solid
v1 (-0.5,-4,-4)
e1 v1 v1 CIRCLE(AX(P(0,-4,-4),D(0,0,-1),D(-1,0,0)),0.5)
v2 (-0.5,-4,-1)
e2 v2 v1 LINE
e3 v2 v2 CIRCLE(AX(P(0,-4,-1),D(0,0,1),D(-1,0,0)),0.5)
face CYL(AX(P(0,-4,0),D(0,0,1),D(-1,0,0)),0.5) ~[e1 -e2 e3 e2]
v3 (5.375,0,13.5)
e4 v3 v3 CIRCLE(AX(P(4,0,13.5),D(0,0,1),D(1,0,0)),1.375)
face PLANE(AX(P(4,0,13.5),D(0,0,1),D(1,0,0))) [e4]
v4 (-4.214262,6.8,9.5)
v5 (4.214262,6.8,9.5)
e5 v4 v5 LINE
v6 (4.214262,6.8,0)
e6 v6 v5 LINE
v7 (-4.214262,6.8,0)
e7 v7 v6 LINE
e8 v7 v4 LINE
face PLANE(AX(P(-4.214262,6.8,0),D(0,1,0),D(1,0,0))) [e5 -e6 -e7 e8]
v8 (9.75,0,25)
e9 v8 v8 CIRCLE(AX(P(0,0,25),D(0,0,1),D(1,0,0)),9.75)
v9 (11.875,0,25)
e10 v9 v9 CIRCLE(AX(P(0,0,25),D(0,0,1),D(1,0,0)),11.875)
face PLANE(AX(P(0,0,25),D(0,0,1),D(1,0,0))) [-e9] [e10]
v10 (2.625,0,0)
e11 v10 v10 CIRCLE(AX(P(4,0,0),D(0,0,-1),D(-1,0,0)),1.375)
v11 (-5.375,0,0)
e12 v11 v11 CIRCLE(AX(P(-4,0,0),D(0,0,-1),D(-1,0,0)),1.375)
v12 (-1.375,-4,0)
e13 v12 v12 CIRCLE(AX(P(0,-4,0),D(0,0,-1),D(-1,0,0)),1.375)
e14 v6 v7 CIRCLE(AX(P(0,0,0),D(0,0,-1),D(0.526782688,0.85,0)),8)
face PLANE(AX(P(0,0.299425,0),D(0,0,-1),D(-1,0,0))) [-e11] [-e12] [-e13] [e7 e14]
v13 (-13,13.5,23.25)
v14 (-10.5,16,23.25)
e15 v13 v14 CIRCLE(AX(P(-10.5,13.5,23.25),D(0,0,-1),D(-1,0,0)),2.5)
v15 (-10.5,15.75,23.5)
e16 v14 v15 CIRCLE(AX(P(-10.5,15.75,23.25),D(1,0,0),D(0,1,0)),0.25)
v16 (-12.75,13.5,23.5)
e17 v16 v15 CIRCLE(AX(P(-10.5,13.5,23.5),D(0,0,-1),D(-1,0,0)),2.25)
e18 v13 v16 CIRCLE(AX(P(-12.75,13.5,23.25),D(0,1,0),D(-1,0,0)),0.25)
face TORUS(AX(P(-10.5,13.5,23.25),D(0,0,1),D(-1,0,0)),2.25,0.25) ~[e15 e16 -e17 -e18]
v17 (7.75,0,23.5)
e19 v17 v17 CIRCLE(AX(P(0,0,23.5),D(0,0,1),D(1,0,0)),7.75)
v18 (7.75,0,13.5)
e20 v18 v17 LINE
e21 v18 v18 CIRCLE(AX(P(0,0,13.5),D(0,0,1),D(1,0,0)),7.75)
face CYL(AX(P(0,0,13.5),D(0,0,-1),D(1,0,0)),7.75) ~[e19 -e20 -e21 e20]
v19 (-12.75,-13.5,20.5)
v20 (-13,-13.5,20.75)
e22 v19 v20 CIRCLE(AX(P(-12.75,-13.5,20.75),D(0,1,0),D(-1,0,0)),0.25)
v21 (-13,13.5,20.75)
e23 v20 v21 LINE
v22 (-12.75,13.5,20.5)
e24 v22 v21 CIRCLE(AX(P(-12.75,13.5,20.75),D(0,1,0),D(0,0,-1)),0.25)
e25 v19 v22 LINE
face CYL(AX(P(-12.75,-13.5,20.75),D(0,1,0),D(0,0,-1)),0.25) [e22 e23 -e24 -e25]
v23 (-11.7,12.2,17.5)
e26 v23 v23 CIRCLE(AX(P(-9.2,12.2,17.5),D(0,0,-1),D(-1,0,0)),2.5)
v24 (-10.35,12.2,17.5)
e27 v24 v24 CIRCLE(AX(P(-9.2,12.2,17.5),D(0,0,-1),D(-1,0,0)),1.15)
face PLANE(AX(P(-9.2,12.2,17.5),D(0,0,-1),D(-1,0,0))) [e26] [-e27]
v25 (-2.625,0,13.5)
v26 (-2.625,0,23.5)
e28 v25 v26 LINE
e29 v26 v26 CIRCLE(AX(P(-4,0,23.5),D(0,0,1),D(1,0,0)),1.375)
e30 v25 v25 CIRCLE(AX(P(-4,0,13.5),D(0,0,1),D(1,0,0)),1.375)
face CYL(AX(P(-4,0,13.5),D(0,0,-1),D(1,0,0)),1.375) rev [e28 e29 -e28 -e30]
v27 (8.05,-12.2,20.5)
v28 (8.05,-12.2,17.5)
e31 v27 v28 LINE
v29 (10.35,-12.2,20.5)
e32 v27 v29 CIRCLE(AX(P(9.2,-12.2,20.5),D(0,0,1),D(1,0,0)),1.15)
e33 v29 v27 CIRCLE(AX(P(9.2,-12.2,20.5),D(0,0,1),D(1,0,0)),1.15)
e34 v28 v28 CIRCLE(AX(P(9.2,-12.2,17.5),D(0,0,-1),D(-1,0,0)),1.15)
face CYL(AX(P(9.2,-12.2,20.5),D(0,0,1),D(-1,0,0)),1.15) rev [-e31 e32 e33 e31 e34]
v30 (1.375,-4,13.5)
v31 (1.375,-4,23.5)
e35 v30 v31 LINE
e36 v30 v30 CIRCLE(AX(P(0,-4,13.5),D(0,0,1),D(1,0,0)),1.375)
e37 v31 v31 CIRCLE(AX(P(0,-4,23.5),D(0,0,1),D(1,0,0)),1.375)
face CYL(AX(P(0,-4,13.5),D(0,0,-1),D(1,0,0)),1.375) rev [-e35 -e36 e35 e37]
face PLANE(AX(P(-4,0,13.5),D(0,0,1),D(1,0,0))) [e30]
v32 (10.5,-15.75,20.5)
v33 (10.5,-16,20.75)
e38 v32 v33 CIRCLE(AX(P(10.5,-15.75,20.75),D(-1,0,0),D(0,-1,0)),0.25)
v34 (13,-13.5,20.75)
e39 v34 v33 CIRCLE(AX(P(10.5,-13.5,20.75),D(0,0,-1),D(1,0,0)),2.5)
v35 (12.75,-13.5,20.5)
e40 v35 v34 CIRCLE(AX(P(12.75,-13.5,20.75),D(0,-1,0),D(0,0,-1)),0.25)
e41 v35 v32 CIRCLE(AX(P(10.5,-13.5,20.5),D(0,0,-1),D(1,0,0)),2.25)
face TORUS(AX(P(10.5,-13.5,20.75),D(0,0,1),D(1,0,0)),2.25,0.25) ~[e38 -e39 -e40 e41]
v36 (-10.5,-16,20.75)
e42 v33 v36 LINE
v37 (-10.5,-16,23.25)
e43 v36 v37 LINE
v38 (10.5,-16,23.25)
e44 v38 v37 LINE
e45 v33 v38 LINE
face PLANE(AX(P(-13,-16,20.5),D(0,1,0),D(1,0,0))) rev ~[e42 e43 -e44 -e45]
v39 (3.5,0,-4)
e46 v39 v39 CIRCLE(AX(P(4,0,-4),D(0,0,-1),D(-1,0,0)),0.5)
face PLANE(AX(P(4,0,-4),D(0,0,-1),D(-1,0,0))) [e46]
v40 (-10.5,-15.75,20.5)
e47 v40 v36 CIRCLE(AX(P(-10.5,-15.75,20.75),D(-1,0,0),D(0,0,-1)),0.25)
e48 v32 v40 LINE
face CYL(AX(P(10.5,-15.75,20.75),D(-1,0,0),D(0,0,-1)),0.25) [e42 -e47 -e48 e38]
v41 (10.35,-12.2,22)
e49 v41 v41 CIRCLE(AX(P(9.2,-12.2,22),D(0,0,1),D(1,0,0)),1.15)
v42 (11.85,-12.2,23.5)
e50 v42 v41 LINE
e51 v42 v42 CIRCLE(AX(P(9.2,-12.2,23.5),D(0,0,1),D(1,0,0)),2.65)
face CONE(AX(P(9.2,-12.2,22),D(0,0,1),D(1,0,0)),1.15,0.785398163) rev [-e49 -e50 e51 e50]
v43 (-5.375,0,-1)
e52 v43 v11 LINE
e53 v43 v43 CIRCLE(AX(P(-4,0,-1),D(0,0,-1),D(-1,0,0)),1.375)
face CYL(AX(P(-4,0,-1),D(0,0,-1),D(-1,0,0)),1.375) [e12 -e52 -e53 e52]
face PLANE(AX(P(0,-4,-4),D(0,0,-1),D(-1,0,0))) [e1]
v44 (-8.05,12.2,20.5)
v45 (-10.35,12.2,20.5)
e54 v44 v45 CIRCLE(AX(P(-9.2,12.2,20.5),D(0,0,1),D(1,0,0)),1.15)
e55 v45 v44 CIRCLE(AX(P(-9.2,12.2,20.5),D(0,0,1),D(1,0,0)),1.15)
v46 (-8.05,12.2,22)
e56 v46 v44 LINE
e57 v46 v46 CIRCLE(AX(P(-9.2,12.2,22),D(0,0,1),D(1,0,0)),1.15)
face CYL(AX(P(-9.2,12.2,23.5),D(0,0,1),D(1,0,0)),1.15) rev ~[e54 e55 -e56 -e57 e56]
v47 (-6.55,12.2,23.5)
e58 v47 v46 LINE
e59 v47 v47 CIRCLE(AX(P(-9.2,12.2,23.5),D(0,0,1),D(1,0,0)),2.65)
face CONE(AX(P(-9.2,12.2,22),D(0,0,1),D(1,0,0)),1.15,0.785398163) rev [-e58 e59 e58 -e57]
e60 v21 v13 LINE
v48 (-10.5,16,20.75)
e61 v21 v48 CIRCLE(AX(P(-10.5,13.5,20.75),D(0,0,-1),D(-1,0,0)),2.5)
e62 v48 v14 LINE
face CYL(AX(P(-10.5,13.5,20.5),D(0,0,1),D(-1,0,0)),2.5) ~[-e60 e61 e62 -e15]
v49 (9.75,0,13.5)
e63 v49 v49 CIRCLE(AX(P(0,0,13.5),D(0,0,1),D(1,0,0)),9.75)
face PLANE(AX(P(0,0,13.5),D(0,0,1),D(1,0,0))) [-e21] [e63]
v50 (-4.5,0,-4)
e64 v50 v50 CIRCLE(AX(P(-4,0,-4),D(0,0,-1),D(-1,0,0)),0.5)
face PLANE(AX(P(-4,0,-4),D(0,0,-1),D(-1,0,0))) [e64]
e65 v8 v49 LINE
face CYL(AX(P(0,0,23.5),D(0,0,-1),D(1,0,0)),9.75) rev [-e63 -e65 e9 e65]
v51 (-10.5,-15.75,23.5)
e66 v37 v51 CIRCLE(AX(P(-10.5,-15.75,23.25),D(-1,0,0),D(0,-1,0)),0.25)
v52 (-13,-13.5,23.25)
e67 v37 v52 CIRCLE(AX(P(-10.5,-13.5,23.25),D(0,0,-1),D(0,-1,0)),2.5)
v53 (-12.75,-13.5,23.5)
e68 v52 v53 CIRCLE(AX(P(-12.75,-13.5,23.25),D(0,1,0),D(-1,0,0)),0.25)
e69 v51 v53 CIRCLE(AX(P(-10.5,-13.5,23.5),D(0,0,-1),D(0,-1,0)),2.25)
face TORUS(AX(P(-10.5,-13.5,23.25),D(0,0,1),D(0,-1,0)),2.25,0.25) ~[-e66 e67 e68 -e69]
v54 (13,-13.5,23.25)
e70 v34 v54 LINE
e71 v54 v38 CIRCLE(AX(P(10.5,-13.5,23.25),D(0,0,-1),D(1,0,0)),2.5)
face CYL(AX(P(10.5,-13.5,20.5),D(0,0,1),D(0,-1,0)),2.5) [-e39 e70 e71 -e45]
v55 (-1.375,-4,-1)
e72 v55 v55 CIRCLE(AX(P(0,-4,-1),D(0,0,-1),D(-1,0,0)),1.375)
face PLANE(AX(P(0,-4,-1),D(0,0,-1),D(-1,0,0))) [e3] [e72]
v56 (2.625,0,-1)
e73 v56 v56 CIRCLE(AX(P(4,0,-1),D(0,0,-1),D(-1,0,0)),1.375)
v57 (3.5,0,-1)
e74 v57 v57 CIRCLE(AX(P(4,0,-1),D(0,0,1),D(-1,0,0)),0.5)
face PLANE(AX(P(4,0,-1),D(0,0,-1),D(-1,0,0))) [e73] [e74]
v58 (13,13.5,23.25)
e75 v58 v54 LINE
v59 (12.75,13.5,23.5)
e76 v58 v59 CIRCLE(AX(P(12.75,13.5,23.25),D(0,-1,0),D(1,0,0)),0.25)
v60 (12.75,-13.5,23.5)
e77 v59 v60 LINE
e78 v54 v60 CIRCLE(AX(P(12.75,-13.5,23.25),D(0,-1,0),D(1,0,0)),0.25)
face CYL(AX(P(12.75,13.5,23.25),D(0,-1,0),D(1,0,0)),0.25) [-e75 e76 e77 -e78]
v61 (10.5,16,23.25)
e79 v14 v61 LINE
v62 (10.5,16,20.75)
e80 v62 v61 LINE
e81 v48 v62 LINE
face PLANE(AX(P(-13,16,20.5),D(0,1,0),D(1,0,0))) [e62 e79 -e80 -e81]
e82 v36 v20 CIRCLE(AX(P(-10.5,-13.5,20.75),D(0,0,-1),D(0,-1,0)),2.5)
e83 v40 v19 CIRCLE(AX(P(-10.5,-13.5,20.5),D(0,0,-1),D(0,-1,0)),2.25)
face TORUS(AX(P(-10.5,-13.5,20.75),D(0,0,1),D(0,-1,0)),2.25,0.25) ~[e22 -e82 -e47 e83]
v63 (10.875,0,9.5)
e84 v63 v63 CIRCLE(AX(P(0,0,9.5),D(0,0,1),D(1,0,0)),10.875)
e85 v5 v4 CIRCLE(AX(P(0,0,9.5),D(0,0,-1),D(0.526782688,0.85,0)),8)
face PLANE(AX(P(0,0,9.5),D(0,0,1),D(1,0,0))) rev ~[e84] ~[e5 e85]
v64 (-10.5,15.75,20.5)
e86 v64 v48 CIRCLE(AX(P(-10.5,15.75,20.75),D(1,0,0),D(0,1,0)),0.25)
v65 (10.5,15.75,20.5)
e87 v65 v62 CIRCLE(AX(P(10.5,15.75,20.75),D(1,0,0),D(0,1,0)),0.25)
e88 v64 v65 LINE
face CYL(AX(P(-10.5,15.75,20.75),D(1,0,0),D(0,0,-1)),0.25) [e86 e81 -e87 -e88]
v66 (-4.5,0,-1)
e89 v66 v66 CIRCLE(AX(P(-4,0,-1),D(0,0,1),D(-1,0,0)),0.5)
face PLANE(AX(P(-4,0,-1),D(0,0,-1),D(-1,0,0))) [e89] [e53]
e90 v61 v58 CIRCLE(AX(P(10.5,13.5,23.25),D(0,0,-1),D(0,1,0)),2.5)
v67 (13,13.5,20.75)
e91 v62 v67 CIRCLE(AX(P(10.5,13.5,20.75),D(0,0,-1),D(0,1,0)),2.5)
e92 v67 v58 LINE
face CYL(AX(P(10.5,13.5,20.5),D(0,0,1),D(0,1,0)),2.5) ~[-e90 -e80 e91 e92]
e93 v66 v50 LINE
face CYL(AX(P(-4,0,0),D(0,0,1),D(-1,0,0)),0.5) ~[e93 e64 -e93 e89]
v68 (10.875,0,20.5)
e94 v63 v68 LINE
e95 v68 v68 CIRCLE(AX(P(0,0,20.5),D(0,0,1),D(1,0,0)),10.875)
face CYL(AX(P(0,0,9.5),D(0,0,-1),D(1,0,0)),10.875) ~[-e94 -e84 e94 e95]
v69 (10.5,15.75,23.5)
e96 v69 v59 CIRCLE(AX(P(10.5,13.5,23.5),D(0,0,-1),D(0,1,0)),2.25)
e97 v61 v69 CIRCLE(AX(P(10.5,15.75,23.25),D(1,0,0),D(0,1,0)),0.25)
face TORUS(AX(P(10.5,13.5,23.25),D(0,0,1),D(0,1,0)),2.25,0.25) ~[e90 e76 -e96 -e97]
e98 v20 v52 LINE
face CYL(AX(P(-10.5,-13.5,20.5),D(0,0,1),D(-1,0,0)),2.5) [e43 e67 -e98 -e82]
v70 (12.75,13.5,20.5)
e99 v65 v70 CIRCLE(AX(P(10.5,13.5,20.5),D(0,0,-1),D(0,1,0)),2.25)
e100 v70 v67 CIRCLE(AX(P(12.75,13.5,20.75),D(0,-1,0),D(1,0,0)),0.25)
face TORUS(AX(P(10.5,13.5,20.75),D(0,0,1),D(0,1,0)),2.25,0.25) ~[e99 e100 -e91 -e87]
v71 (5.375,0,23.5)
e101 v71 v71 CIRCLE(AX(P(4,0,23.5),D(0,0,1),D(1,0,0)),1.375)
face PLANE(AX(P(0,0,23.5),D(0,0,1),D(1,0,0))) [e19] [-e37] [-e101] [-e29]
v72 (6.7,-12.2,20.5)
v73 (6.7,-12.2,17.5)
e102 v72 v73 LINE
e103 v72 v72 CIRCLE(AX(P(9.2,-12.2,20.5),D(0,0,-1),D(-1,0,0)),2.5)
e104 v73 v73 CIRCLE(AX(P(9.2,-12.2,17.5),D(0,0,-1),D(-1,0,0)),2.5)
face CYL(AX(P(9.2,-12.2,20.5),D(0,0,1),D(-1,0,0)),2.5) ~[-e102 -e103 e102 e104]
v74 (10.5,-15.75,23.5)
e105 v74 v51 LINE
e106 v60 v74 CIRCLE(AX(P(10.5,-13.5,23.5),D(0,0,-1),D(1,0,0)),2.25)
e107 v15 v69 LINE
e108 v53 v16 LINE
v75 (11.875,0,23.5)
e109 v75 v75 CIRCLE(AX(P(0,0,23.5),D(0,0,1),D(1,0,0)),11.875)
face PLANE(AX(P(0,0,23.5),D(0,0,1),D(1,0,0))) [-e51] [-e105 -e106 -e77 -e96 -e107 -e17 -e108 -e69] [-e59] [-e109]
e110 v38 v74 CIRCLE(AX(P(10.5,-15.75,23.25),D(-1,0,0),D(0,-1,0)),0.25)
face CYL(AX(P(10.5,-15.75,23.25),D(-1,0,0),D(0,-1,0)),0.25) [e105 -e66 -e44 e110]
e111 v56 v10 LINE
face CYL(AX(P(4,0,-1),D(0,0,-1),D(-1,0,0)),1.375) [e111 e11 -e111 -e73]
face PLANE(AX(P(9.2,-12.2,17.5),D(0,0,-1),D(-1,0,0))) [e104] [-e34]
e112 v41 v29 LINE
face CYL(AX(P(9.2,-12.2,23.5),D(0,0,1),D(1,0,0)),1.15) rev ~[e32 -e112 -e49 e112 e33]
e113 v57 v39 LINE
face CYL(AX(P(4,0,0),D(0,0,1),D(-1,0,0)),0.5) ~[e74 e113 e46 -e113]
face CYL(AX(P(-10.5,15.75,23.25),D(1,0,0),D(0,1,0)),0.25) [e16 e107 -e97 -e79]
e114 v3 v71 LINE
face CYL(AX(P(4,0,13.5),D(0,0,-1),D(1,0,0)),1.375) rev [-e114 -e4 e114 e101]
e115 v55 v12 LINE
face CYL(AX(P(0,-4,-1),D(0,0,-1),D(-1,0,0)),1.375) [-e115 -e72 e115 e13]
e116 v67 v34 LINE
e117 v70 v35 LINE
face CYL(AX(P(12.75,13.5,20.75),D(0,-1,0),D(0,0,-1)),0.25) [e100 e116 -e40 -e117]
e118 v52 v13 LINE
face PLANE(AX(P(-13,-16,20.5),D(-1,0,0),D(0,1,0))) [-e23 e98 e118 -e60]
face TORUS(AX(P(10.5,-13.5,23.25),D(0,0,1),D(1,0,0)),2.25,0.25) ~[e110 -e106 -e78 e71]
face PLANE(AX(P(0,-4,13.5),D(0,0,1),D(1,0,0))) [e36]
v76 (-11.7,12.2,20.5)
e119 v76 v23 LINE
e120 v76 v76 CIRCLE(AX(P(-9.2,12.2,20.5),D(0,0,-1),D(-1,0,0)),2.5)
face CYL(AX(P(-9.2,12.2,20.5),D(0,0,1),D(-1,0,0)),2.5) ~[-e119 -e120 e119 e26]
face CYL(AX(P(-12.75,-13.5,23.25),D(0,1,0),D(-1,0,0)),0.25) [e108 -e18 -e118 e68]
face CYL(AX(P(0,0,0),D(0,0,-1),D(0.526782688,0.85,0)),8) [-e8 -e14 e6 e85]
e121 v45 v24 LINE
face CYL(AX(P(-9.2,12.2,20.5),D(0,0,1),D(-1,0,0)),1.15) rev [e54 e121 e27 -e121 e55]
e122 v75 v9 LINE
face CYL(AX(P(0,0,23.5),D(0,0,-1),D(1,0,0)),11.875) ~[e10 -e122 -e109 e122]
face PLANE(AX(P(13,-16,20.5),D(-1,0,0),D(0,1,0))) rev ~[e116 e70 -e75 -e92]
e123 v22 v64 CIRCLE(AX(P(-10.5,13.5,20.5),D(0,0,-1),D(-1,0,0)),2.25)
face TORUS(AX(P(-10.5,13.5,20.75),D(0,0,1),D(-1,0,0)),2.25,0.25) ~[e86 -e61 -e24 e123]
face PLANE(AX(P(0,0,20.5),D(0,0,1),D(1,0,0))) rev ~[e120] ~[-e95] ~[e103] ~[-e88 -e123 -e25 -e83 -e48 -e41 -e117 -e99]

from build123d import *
from build123d.topology import SkipClean

# Parameters (mm, degrees)
SALIENTE_EXTRUIR1_DEPTH = 9.5
CROQUIS2_R              = 10.875
SALIENTE_EXTRUIR2_DEPTH = 11
CROQUIS3_W              = 26
CROQUIS3_H              = 32
SALIENTE_EXTRUIR3_DEPTH = 3
REDONDEO1_R             = 2.5
CROQUIS4_R              = 11.875
CROQUIS4_R_2            = 9.75
SALIENTE_EXTRUIR4_DEPTH = 1.5
CORTAR_EXTRUIR1_START   = -10
CROQUIS4_3_R            = 9.75
CROQUIS4_3_R_2          = 7.75
CROQUIS4_3_R_3          = 1.375
CORTAR_EXTRUIR1_DEPTH   = 10
CORTAR_EXTRUIR2_REACH   = 33.261
CROQUIS5_R              = 1.15
CHAFL_N1_SIZE           = 1.5
SALIENTE_EXTRUIR5_START = 1
CROQUIS6_R              = 1.375
SALIENTE_EXTRUIR5_DEPTH = 1
CROQUIS6_3_R            = 0.5
SALIENTE_EXTRUIR6_DEPTH = 4
REDONDEO2_R             = 0.25
CROQUIS7_R              = 2.5
CROQUIS7_R_2            = 1.15
SALIENTE_EXTRUIR7_DEPTH = 3


with BuildPart() as part:
    # Croquis1 → Saliente-Extruir1 (new body)
    with BuildSketch(Plane.XY):
        with BuildLine():
            Line((-4.214261501, 6.8), (4.214261501, 6.8))
            ThreePointArc((4.214261501, 6.8), (0, -8), (-4.214261501, 6.8))
        make_face()
    extrude(amount=SALIENTE_EXTRUIR1_DEPTH)

    # Croquis2 → Saliente-Extruir2 (add)
    with BuildSketch(Plane.XY.offset(9.5)):
        Circle(CROQUIS2_R)
    extrude(amount=SALIENTE_EXTRUIR2_DEPTH)

    # Croquis3 → Saliente-Extruir3 (add)
    with BuildSketch(Plane.XY.offset(20.5)):
        Rectangle(CROQUIS3_W, CROQUIS3_H)
    extrude(amount=SALIENTE_EXTRUIR3_DEPTH)

    # Redondeo1
    redondeo1_edges = [part.edges().sort_by_distance(p)[0] for p in [
        (13, -16, 22),
        (-13, -16, 22),
        (-13, 16, 22),
        (13, 16, 22),
    ]]
    fillet(redondeo1_edges, radius=REDONDEO1_R)

    # Croquis4 → Saliente-Extruir4 (add)
    with BuildSketch(Plane.XY.offset(23.5)):
        Circle(CROQUIS4_R)
        Circle(CROQUIS4_R_2, mode=Mode.SUBTRACT)
    extrude(amount=SALIENTE_EXTRUIR4_DEPTH)

    # Croquis4<3> → Cortar-Extruir1 (cut)
    # profile 1 of 4: a face of its own
    with BuildSketch(Plane.XY.offset(23.5).offset(CORTAR_EXTRUIR1_START)):
        Circle(CROQUIS4_3_R)
        Circle(CROQUIS4_3_R_2, mode=Mode.SUBTRACT)
    # profile 2 of 4: a face of its own
    with BuildSketch(Plane.XY.offset(23.5).offset(CORTAR_EXTRUIR1_START)):
        with Locations((-4, 0)):
            Circle(CROQUIS4_3_R_3)
    # profile 3 of 4: a face of its own
    with BuildSketch(Plane.XY.offset(23.5).offset(CORTAR_EXTRUIR1_START)):
        with Locations((0, -4)):
            Circle(CROQUIS4_3_R_3)
    # profile 4 of 4: a face of its own
    with BuildSketch(Plane.XY.offset(23.5).offset(CORTAR_EXTRUIR1_START)):
        with Locations((4, 0)):
            Circle(CROQUIS4_3_R_3)
    extrude(amount=CORTAR_EXTRUIR1_DEPTH, mode=Mode.SUBTRACT)

    # Croquis5 → Cortar-Extruir2 (cut, up to next)
    with BuildSketch(Plane.XY.offset(23.5), mode=Mode.PRIVATE) as cortar_extruir2_sk1:
        with Locations((-9.2, 12.2)):
            Circle(CROQUIS5_R)
    cortar_extruir2_tool1 = extrude(cortar_extruir2_sk1.sketch, amount=-CORTAR_EXTRUIR2_REACH, mode=Mode.PRIVATE) & part.part
    # Croquis5 → Cortar-Extruir2 (cut, up to next)
    with BuildSketch(Plane.XY.offset(23.5), mode=Mode.PRIVATE) as cortar_extruir2_sk2:
        with Locations((9.2, -12.2)):
            Circle(CROQUIS5_R)
    cortar_extruir2_tool2 = extrude(cortar_extruir2_sk2.sketch, amount=-CORTAR_EXTRUIR2_REACH, mode=Mode.PRIVATE) & part.part
    add(cortar_extruir2_tool1.solids().sort_by_distance((-9.2, 12.2, 23.5))[0], mode=Mode.SUBTRACT)
    add(cortar_extruir2_tool2.solids().sort_by_distance((9.2, -12.2, 23.5))[0], mode=Mode.SUBTRACT)

    # Chaflán1
    chafl_n1_edges = [part.edges().sort_by_distance(p)[0] for p in [
        (8.05, -12.2, 23.5),
        (-10.35, 12.2, 23.5),
    ]]
    chamfer(chafl_n1_edges, length=CHAFL_N1_SIZE)

    # Croquis6 → Saliente-Extruir5 (add)
    with BuildSketch(Plane(origin=(0, 0, 0), x_dir=(-1, 0, 0), z_dir=(0, 0, -1)).offset(SALIENTE_EXTRUIR5_START)):
        with Locations((-4, 0)):
            Circle(CROQUIS6_R)
        with Locations((4, 0)):
            Circle(CROQUIS6_R)
        with Locations((0, -4)):
            Circle(CROQUIS6_R)
    extrude(amount=-SALIENTE_EXTRUIR5_DEPTH)

    # Croquis6<3> → Saliente-Extruir6 (add)
    with BuildSketch(Plane(origin=(0, 0, 0), x_dir=(-1, 0, 0), z_dir=(0, 0, -1))):
        with Locations((-4, 0)):
            Circle(CROQUIS6_3_R)
        with Locations((0, -4)):
            Circle(CROQUIS6_3_R)
        with Locations((4, 0)):
            Circle(CROQUIS6_3_R)
    extrude(amount=SALIENTE_EXTRUIR6_DEPTH)

    # Redondeo2
    redondeo2_edges = [part.edges().sort_by_distance(p)[0] for p in [
        (12.267766953, 15.267766953, 20.5),
        (13, 0, 20.5),
        (12.267766953, -15.267766953, 20.5),
        (0, -16, 20.5),
        (-12.267766953, -15.267766953, 20.5),
        (-13, 0, 20.5),
        (-12.267766953, 15.267766953, 20.5),
        (12.267766953, 15.267766953, 23.5),
        (13, 0, 23.5),
        (12.267766953, -15.267766953, 23.5),
        (0, -16, 23.5),
        (-12.267766953, -15.267766953, 23.5),
        (-13, 0, 23.5),
        (-12.267766953, 15.267766953, 23.5),
        (0, 16, 20.5),
        (0, 16, 23.5),
    ]]
    fillet(redondeo2_edges, radius=REDONDEO2_R)

    # Croquis7 → Saliente-Extruir7 (add)
    # profile 1 of 2: a face of its own
    with SkipClean():  # the faces are left unmerged after this step: merging them gives an invalid solid
        with BuildSketch(Plane(origin=(0, 0, 20.5), x_dir=(-1, 0, 0), z_dir=(0, 0, -1))):
            with Locations((-9.2, -12.2)):
                Circle(CROQUIS7_R)
            with Locations((-9.2, -12.2)):
                Circle(CROQUIS7_R_2, mode=Mode.SUBTRACT)
        # profile 2 of 2: a face of its own
        with BuildSketch(Plane(origin=(0, 0, 20.5), x_dir=(-1, 0, 0), z_dir=(0, 0, -1))):
            with Locations((9.2, 12.2)):
                Circle(CROQUIS7_R)
            with Locations((9.2, 12.2)):
                Circle(CROQUIS7_R_2, mode=Mode.SUBTRACT)
        extrude(amount=SALIENTE_EXTRUIR7_DEPTH)


solid = part.part
